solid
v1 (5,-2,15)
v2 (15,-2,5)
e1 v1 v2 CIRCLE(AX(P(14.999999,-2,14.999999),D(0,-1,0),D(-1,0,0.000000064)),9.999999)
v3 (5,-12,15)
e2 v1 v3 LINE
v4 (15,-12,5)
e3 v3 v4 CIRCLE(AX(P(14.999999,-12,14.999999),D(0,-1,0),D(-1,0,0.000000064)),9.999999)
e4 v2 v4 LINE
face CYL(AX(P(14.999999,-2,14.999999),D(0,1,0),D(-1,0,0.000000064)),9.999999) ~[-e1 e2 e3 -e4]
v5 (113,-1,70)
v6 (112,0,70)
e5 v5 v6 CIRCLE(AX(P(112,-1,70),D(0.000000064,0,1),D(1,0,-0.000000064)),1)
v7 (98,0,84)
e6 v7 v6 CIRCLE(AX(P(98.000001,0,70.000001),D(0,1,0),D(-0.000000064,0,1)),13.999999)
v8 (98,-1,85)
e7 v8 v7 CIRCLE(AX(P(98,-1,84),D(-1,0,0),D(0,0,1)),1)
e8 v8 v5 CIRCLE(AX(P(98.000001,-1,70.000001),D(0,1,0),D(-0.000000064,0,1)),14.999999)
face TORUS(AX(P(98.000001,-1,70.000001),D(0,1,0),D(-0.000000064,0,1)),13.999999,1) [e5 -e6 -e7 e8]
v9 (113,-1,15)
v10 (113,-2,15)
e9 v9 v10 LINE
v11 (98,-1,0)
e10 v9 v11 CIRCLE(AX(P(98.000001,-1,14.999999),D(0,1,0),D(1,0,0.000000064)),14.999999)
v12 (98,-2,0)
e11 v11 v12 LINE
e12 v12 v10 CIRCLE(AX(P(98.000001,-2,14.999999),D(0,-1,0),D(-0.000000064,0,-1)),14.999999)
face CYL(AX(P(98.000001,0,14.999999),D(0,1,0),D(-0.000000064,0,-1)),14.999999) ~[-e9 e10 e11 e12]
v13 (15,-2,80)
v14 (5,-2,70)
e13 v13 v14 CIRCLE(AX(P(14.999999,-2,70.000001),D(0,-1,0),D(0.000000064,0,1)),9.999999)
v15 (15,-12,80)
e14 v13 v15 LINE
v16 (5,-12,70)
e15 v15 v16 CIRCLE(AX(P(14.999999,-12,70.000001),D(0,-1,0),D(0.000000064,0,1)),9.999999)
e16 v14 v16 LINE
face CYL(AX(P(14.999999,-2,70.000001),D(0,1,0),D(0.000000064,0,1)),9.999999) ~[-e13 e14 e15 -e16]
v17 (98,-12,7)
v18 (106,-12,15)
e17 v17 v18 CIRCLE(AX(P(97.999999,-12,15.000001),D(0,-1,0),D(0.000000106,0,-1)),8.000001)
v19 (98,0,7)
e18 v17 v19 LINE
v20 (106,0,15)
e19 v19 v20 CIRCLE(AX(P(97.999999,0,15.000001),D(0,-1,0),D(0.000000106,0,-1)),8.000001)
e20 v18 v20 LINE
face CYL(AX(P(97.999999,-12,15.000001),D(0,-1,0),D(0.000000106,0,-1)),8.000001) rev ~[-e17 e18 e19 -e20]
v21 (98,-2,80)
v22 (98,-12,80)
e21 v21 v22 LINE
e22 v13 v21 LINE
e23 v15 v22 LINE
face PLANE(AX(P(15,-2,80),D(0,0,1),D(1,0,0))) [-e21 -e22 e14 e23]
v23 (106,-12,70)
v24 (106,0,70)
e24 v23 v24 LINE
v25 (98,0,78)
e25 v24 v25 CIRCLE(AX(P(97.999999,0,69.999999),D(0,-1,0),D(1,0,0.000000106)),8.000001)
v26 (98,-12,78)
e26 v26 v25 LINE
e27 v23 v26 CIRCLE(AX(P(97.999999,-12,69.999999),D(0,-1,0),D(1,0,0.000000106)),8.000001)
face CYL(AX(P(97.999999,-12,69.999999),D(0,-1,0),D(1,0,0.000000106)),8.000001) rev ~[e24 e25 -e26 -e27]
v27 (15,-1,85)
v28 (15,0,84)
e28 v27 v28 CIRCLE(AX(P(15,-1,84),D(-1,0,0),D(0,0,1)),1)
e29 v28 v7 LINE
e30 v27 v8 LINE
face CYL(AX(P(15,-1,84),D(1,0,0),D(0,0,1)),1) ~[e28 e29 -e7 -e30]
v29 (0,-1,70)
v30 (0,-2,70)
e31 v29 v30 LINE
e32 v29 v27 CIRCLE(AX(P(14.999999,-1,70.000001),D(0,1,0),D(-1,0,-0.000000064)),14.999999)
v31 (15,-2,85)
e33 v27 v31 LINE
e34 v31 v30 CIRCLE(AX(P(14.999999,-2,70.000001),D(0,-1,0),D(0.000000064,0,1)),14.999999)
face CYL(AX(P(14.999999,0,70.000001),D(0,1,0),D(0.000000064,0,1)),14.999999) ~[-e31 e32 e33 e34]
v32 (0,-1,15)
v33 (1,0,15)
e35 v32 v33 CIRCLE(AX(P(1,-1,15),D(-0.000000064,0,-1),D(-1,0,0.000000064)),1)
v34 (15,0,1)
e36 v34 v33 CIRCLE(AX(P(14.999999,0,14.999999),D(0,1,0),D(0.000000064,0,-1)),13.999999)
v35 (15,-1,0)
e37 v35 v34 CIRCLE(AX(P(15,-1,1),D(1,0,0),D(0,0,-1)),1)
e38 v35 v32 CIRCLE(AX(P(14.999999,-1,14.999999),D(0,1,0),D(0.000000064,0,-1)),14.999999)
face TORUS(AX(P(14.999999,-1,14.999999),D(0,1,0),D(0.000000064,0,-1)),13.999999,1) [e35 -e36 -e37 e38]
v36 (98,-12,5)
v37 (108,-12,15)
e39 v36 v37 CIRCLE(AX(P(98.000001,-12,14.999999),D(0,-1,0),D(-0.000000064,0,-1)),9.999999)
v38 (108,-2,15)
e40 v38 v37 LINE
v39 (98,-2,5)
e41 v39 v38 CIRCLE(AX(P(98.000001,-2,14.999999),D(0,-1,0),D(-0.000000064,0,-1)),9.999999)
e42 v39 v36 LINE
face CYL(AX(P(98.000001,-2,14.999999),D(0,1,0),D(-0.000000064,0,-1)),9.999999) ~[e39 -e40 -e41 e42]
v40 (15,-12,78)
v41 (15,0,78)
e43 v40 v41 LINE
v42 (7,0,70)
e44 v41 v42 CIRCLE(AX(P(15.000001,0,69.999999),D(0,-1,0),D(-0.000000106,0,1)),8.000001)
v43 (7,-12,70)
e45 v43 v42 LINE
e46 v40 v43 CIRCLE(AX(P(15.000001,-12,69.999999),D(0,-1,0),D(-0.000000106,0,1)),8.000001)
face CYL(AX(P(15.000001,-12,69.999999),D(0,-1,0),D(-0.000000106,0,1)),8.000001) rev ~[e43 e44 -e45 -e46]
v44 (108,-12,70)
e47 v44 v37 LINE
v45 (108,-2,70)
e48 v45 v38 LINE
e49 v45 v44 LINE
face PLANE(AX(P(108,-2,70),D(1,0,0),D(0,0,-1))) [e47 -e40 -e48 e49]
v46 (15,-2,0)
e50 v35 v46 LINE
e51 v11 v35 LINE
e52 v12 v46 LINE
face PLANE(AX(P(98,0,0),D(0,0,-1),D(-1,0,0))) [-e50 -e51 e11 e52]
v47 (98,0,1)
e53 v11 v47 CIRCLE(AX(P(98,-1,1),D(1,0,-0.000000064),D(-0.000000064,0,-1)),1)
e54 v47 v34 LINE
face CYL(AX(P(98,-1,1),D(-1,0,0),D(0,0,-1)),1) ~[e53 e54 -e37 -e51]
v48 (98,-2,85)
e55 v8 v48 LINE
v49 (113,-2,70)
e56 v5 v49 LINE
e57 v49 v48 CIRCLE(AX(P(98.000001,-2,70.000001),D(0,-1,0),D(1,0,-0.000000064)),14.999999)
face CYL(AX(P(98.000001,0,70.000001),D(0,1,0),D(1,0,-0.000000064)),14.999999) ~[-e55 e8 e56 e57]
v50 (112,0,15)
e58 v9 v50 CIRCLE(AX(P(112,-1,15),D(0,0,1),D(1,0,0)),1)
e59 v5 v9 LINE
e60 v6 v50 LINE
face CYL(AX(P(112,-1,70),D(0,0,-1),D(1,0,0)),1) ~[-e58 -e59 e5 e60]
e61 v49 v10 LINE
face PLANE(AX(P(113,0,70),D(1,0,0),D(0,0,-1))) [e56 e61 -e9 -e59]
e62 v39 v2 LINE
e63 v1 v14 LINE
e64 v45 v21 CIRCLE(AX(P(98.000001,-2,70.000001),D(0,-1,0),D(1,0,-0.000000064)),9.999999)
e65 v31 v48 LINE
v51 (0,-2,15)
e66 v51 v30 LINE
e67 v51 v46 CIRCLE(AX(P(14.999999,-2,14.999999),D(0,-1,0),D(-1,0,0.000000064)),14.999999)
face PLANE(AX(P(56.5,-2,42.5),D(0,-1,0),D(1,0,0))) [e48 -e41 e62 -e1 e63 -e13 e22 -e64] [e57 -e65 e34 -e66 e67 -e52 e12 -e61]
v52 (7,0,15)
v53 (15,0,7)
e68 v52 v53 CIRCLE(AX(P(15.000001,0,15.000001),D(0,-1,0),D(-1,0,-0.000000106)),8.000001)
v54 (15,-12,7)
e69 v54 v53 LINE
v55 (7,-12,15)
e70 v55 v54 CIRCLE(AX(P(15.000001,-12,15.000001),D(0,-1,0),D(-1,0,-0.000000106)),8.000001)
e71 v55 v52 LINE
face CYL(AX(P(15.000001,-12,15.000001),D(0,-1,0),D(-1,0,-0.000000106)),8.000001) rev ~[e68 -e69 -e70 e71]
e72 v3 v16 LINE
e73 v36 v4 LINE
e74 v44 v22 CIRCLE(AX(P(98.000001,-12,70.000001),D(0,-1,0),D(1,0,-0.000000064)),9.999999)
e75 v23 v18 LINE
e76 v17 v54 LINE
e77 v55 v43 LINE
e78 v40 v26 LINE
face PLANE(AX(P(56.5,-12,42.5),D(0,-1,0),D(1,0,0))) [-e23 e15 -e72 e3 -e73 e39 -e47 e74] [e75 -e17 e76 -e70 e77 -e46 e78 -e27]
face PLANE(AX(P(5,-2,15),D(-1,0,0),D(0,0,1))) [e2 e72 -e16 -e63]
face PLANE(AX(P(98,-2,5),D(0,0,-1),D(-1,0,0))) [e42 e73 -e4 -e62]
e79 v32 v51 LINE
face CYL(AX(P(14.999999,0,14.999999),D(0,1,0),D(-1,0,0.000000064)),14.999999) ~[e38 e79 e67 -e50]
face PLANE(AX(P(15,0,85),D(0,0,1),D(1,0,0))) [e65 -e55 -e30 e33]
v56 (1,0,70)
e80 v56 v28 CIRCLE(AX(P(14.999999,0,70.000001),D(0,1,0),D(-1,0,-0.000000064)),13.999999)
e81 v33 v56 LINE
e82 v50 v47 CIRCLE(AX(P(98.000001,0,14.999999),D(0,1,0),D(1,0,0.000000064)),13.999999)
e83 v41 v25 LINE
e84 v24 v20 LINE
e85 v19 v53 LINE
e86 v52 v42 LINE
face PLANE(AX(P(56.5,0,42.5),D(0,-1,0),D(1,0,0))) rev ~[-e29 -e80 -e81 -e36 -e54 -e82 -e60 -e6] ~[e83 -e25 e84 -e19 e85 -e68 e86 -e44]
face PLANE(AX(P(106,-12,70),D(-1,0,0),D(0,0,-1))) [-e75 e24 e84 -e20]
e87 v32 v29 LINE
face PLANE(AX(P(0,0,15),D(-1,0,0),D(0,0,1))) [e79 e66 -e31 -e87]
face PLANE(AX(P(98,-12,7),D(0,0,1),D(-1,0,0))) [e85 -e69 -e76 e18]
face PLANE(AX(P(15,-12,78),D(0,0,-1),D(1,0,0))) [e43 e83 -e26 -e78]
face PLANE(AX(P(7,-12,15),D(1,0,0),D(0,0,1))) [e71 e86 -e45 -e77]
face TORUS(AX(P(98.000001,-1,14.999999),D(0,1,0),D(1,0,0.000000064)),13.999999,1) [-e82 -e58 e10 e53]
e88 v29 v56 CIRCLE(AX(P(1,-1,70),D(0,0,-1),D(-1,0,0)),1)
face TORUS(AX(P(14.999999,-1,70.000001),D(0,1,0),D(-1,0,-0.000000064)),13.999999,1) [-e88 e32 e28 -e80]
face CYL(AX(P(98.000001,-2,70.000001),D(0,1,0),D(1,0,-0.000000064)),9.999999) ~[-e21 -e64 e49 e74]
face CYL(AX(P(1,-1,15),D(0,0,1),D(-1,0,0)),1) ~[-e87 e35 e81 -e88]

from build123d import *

# Parameters (mm, degrees)
PAD_DEPTH    = 2
PAD001_DEPTH = 10
POCKET_DEPTH = 12.001
FILLET_R     = 1


with BuildPart() as part:
    # Sketch → Pad (new body)
    with BuildSketch(Plane.XZ):
        with BuildLine():
            ThreePointArc((15, 85), (4.393398, 80.606602), (0, 70))
            Line((0, 15), (0, 70))
            ThreePointArc((0, 15), (4.393398, 4.393398), (15, 0))
            Line((98, 0), (15, 0))
            ThreePointArc((98, 0), (108.606602, 4.393398), (113, 15))
            Line((113, 70), (113, 15))
            ThreePointArc((113, 70), (108.606602, 80.606602), (98, 85))
            Line((15, 85), (98, 85))
        make_face()
    extrude(amount=PAD_DEPTH)

    # Sketch001 (on Face10 of Pad) → Pad001 (join)
    with BuildSketch(Plane.XZ.offset(2)):
        with BuildLine():
            ThreePointArc((15, 80), (7.928932, 77.071068), (5, 70))
            Line((5, 15), (5, 70))
            ThreePointArc((5, 15), (7.928932, 7.928932), (15, 5))
            Line((98, 5), (15, 5))
            ThreePointArc((98, 5), (105.071068, 7.928932), (108, 15))
            Line((108, 70), (108, 15))
            ThreePointArc((108, 70), (105.071068, 77.071068), (98, 80))
            Line((15, 80), (98, 80))
        make_face()
    extrude(amount=PAD001_DEPTH)

    # Sketch002 (on Face19 of Pad001) → Pocket (cut, through all)
    with BuildSketch(Plane.XZ.offset(12)):
        with BuildLine():
            ThreePointArc((15, 78), (9.343146, 75.656854), (7, 70))
            Line((7, 15), (7, 70))
            ThreePointArc((7, 15), (9.343146, 9.343146), (15, 7))
            Line((98, 7), (15, 7))
            ThreePointArc((98, 7), (103.656854, 9.343146), (106, 15))
            Line((106, 70), (106, 15))
            ThreePointArc((106, 70), (103.656854, 75.656854), (98, 78))
            Line((15, 78), (98, 78))
        make_face()
    extrude(amount=-POCKET_DEPTH, mode=Mode.SUBTRACT)

    # Fillet
    fillet_edges = [part.edges().sort_by_distance(p)[0] for p in [
        (56.5, 0, 85),
    ]]
    fillet(fillet_edges, radius=FILLET_R)


solid = part.part
